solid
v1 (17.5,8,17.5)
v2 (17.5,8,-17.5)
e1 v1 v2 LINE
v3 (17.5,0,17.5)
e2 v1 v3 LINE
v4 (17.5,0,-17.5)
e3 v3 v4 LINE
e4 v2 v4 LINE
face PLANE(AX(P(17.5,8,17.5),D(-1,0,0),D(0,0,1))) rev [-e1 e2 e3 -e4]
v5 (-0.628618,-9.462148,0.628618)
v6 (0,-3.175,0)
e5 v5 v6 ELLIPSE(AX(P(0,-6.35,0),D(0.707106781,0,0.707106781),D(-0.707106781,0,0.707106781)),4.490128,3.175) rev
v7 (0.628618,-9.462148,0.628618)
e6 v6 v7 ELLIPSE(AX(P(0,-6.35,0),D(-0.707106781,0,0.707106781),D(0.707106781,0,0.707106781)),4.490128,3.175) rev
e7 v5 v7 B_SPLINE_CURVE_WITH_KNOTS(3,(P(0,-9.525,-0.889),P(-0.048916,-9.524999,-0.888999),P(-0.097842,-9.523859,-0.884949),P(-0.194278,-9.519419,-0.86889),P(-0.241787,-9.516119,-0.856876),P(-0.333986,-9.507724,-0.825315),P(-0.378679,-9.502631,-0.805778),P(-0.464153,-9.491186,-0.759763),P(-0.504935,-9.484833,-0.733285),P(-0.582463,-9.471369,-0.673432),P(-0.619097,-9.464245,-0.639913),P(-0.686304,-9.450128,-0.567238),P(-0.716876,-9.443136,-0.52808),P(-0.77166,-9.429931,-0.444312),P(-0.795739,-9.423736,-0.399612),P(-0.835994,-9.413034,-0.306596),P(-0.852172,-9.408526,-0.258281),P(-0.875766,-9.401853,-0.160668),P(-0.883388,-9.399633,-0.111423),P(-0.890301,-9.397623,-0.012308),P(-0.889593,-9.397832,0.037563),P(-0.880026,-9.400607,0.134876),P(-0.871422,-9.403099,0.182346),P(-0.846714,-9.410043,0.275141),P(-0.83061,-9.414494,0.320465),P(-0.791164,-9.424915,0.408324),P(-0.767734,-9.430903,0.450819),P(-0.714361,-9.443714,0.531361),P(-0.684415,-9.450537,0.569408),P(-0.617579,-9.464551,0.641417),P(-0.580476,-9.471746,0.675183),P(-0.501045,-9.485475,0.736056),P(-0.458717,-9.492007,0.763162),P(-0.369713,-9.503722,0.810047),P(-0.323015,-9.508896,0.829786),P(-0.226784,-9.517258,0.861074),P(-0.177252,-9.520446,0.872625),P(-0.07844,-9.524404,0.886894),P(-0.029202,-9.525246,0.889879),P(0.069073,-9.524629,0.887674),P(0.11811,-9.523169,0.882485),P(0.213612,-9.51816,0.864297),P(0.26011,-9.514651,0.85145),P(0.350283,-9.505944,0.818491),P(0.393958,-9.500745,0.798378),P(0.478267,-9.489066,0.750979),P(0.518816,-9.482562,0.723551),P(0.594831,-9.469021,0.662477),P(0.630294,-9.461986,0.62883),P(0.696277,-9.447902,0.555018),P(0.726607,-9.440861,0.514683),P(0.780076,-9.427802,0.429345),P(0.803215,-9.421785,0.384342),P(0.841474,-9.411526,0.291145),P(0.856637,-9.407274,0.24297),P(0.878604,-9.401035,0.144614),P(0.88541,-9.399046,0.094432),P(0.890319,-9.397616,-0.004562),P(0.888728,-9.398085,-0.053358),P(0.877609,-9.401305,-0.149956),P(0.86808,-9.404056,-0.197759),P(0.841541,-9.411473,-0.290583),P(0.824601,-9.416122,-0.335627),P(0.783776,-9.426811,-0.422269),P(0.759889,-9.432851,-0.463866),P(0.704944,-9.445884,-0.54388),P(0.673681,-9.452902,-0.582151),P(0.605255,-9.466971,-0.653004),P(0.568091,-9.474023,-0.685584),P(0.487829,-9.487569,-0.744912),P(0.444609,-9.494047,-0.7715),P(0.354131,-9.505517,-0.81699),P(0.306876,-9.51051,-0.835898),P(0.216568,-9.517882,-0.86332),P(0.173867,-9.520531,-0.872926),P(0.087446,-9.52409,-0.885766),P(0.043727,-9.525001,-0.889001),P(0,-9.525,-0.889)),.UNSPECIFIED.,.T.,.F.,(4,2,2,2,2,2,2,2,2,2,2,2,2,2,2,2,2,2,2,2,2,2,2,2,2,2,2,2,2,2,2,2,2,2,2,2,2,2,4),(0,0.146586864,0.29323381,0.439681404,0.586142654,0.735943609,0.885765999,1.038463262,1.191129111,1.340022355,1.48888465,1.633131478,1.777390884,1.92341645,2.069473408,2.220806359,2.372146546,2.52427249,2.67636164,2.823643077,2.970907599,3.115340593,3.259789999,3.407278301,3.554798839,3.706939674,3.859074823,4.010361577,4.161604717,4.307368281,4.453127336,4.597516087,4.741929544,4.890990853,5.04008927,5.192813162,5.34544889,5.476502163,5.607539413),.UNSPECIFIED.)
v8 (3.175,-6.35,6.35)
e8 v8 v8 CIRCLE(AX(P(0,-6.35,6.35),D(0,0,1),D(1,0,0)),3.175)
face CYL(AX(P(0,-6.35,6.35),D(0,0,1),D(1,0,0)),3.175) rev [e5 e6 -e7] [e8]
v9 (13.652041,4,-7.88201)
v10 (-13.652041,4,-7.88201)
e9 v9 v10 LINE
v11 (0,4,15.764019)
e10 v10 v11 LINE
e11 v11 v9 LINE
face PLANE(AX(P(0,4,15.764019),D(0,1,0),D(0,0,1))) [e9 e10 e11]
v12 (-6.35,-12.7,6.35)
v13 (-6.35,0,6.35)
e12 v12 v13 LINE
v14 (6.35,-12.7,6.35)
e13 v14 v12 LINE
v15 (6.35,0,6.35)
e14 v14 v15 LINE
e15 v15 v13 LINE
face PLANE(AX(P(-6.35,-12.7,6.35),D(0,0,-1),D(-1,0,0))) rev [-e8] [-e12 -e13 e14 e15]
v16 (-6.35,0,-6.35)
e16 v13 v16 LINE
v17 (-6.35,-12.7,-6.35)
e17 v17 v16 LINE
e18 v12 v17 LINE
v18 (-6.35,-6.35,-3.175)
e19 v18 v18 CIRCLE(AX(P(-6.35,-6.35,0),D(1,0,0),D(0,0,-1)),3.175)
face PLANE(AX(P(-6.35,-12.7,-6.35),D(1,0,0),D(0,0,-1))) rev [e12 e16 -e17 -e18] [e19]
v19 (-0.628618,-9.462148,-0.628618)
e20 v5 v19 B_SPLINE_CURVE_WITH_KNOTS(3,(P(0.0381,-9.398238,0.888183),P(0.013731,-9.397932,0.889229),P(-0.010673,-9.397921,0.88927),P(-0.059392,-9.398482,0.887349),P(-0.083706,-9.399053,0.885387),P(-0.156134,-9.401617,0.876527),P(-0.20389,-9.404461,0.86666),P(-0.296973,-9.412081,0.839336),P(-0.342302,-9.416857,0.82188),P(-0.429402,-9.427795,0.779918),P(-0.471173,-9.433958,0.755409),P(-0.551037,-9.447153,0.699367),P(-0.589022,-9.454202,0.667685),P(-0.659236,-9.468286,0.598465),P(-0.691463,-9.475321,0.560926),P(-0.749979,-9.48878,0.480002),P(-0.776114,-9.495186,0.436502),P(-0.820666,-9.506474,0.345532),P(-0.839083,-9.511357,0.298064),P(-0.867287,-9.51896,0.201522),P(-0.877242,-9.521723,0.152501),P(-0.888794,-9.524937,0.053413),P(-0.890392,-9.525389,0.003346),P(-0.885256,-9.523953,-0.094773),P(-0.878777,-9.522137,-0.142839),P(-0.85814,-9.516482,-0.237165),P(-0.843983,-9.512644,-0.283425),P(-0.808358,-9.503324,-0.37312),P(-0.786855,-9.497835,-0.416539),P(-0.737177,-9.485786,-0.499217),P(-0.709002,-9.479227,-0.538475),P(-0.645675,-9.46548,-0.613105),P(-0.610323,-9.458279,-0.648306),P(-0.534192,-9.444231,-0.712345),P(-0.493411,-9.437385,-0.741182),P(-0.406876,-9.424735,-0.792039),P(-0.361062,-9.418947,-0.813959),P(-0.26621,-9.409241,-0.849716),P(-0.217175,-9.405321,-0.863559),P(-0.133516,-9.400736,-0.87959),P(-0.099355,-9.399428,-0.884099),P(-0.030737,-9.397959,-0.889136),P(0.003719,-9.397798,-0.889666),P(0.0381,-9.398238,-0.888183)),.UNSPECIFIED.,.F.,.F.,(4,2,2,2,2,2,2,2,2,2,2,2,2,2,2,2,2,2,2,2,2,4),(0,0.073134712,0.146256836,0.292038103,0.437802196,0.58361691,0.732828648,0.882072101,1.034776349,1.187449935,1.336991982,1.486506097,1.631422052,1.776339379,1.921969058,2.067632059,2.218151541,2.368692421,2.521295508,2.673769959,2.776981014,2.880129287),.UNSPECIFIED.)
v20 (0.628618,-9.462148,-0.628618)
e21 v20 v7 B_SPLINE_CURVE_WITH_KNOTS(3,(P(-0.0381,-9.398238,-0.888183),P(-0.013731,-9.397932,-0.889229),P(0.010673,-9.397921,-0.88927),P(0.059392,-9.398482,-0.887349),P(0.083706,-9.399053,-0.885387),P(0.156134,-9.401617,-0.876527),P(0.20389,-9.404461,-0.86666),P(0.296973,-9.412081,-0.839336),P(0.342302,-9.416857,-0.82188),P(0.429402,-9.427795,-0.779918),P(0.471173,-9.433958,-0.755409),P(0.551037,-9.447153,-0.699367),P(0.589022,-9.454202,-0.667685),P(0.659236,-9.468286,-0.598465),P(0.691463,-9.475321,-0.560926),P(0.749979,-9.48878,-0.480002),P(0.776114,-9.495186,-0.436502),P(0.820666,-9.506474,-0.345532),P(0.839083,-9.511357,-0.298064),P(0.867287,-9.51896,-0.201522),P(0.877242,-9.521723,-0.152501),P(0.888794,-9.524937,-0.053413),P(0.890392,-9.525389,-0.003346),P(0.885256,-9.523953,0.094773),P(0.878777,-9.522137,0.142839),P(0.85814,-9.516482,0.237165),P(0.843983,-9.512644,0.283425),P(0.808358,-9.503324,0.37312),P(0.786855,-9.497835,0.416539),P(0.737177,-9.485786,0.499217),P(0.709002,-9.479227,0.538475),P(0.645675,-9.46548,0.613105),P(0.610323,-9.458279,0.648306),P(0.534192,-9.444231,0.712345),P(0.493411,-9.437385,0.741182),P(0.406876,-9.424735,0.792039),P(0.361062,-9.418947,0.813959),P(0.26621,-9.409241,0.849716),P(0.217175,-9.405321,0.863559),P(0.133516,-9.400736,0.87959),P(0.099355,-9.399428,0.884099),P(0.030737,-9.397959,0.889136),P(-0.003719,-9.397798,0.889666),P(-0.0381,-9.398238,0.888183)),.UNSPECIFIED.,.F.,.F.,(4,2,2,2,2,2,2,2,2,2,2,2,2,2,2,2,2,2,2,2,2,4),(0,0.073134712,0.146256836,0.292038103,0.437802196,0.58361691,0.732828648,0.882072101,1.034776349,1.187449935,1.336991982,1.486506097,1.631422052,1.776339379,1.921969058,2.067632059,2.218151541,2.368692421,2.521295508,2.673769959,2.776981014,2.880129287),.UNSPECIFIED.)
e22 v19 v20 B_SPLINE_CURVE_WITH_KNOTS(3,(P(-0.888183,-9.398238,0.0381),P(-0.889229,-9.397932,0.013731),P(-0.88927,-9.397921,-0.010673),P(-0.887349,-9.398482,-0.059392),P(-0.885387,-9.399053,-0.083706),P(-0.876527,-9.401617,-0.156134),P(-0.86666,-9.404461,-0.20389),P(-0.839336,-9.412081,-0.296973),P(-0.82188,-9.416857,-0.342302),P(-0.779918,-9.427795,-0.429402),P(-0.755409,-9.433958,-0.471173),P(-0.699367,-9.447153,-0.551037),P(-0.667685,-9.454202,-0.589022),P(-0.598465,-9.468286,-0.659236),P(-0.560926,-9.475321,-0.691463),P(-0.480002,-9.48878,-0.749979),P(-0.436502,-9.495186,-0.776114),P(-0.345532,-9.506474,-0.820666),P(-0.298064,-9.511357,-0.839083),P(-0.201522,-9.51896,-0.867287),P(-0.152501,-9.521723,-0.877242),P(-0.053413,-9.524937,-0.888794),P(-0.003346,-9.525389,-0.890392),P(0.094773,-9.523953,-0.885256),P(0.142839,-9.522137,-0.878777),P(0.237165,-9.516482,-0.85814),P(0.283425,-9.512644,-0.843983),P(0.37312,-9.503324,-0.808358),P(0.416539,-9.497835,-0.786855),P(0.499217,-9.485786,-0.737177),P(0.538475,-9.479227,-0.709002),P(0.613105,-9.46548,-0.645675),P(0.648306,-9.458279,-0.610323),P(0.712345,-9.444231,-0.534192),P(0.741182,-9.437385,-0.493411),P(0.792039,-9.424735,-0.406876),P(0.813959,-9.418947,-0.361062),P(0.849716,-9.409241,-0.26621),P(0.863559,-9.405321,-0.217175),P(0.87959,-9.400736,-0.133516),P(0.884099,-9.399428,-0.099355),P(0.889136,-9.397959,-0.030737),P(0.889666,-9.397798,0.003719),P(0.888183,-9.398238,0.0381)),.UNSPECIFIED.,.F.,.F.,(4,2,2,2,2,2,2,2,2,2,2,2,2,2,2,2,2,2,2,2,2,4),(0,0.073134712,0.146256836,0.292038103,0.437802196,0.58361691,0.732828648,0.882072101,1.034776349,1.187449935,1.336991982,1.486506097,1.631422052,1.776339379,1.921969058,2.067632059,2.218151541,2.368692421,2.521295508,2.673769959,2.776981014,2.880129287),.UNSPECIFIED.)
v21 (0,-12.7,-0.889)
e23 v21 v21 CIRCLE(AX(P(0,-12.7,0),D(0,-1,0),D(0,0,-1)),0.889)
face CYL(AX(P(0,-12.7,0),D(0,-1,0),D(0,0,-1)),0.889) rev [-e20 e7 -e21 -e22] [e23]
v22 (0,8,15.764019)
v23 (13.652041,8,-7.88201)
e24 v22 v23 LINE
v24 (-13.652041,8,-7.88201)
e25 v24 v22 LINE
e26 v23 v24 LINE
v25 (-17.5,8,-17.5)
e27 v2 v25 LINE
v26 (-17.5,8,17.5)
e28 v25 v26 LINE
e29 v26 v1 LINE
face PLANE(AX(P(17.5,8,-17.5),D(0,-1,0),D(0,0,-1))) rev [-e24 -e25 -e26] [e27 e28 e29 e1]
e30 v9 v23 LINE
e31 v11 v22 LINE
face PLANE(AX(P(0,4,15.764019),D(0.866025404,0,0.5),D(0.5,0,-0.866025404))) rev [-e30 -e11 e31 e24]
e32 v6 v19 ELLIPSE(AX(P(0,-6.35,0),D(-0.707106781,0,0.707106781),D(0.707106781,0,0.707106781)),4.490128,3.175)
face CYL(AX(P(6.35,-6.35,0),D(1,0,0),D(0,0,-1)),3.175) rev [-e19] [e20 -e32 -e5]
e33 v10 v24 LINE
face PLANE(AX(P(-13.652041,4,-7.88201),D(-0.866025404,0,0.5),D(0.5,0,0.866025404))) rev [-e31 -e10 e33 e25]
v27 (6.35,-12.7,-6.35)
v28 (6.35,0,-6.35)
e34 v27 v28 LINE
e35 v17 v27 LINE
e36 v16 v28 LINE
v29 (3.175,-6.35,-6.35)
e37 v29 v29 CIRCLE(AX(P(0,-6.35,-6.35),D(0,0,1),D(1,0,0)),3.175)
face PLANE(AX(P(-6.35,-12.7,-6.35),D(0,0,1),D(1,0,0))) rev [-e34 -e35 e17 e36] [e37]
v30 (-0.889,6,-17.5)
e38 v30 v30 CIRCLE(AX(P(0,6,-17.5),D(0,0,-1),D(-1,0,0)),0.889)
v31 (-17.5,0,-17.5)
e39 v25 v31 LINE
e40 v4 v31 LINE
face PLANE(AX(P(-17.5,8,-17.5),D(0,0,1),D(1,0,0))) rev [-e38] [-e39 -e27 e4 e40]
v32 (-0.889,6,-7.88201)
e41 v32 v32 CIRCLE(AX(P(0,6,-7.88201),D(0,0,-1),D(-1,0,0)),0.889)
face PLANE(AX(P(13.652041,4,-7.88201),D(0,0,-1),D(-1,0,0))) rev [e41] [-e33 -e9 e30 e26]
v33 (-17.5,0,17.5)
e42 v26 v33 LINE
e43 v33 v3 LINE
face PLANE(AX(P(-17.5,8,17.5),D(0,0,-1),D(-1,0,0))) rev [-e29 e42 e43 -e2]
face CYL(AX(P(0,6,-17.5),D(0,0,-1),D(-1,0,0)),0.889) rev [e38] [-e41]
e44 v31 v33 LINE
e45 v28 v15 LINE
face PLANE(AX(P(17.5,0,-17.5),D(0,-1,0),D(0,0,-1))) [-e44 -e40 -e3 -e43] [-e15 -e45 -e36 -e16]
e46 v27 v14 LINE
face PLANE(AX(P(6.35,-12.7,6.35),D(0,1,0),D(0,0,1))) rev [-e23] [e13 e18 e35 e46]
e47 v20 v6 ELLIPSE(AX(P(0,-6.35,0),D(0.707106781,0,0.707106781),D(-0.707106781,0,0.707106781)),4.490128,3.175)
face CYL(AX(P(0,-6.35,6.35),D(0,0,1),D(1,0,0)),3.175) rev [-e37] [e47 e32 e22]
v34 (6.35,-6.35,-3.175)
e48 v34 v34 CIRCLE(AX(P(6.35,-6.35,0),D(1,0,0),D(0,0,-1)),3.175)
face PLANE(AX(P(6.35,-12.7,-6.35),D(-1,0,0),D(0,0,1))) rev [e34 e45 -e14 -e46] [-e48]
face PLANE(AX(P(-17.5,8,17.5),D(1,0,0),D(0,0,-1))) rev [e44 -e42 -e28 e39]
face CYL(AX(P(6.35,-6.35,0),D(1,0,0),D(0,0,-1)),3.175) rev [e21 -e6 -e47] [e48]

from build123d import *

# Parameters (mm, degrees)
SKETCH1_W                   = 35
SKETCH1_H                   = 35
EXTRUDE1_DEPTH              = 8
EXTRUDE2_DEPTH              = 4
F_2_56_TAPPED_HOLE1_D       = 1.778
F_2_56_TAPPED_HOLE1_DEPTH   = 9.617990411
SKETCH6_W                   = 12.7
SKETCH6_H                   = 12.7
EXTRUDE3_DEPTH              = 12.7
F_1_4_0_25_DIAMETER_HOLE1_D = 6.35
F_1_4_0_25_DIAMETER_HOLE2_D = 6.35
SKETCH14_W                  = 0.889
SKETCH14_H                  = 6.35


with BuildPart() as part:
    # Sketch1 → Extrude1 (new body)
    with BuildSketch(Plane(origin=(0, 0, 0), x_dir=(1, 0, 0), z_dir=(0, 1, 0))):
        Rectangle(SKETCH1_W, SKETCH1_H)
    extrude(amount=EXTRUDE1_DEPTH)

    # Sketch2 → Extrude2 (cut)
    with BuildSketch(Plane(origin=(0, 8, 0), x_dir=(1, 0, 0), z_dir=(0, 1, 0))):
        Polygon((0, -15.764019179), (13.652041074, 7.882009589), (-13.652041074, 7.882009589), align=None)
    extrude(amount=-EXTRUDE2_DEPTH, mode=Mode.SUBTRACT)

    # #2-56 Tapped Hole1
    with Locations(Plane(origin=(0, 6, -17.5), x_dir=(-1, 0, 0), z_dir=(0, 0, -1))):
        with Locations((0, 0)):
            Hole(F_2_56_TAPPED_HOLE1_D / 2, depth=F_2_56_TAPPED_HOLE1_DEPTH)

    # Sketch6 → Extrude3 (add)
    with BuildSketch(Plane.XZ):
        Rectangle(SKETCH6_W, SKETCH6_H)
    extrude(amount=EXTRUDE3_DEPTH)

    # 1/4 (0.25) Diameter Hole1 (through all)
    with Locations(Plane(origin=(0, -6.35, 6.35), x_dir=(1, 0, 0), z_dir=(0, 0, 1))):
        with Locations((0, 0)):
            Hole(F_1_4_0_25_DIAMETER_HOLE1_D / 2)

    # 1/4 (0.25) Diameter Hole2 (through all)
    with Locations(Plane(origin=(6.35, -6.35, 0), x_dir=(0, 0, 1), z_dir=(1, 0, 0))):
        with Locations((0, 0)):
            Hole(F_1_4_0_25_DIAMETER_HOLE2_D / 2)

    # Sketch14 → #2-56 Tapped Hole2 (revolve, cut)
    with BuildSketch(Plane(origin=(0, -12.7, 0), x_dir=(0, 0, -1), z_dir=(1, 0, 0))):
        with Locations((0.4445, 3.175)):
            Rectangle(SKETCH14_W, SKETCH14_H)
    revolve(axis=Axis((0, -19.05, 0), (0, 1, 0)), mode=Mode.SUBTRACT)


solid = part.part
